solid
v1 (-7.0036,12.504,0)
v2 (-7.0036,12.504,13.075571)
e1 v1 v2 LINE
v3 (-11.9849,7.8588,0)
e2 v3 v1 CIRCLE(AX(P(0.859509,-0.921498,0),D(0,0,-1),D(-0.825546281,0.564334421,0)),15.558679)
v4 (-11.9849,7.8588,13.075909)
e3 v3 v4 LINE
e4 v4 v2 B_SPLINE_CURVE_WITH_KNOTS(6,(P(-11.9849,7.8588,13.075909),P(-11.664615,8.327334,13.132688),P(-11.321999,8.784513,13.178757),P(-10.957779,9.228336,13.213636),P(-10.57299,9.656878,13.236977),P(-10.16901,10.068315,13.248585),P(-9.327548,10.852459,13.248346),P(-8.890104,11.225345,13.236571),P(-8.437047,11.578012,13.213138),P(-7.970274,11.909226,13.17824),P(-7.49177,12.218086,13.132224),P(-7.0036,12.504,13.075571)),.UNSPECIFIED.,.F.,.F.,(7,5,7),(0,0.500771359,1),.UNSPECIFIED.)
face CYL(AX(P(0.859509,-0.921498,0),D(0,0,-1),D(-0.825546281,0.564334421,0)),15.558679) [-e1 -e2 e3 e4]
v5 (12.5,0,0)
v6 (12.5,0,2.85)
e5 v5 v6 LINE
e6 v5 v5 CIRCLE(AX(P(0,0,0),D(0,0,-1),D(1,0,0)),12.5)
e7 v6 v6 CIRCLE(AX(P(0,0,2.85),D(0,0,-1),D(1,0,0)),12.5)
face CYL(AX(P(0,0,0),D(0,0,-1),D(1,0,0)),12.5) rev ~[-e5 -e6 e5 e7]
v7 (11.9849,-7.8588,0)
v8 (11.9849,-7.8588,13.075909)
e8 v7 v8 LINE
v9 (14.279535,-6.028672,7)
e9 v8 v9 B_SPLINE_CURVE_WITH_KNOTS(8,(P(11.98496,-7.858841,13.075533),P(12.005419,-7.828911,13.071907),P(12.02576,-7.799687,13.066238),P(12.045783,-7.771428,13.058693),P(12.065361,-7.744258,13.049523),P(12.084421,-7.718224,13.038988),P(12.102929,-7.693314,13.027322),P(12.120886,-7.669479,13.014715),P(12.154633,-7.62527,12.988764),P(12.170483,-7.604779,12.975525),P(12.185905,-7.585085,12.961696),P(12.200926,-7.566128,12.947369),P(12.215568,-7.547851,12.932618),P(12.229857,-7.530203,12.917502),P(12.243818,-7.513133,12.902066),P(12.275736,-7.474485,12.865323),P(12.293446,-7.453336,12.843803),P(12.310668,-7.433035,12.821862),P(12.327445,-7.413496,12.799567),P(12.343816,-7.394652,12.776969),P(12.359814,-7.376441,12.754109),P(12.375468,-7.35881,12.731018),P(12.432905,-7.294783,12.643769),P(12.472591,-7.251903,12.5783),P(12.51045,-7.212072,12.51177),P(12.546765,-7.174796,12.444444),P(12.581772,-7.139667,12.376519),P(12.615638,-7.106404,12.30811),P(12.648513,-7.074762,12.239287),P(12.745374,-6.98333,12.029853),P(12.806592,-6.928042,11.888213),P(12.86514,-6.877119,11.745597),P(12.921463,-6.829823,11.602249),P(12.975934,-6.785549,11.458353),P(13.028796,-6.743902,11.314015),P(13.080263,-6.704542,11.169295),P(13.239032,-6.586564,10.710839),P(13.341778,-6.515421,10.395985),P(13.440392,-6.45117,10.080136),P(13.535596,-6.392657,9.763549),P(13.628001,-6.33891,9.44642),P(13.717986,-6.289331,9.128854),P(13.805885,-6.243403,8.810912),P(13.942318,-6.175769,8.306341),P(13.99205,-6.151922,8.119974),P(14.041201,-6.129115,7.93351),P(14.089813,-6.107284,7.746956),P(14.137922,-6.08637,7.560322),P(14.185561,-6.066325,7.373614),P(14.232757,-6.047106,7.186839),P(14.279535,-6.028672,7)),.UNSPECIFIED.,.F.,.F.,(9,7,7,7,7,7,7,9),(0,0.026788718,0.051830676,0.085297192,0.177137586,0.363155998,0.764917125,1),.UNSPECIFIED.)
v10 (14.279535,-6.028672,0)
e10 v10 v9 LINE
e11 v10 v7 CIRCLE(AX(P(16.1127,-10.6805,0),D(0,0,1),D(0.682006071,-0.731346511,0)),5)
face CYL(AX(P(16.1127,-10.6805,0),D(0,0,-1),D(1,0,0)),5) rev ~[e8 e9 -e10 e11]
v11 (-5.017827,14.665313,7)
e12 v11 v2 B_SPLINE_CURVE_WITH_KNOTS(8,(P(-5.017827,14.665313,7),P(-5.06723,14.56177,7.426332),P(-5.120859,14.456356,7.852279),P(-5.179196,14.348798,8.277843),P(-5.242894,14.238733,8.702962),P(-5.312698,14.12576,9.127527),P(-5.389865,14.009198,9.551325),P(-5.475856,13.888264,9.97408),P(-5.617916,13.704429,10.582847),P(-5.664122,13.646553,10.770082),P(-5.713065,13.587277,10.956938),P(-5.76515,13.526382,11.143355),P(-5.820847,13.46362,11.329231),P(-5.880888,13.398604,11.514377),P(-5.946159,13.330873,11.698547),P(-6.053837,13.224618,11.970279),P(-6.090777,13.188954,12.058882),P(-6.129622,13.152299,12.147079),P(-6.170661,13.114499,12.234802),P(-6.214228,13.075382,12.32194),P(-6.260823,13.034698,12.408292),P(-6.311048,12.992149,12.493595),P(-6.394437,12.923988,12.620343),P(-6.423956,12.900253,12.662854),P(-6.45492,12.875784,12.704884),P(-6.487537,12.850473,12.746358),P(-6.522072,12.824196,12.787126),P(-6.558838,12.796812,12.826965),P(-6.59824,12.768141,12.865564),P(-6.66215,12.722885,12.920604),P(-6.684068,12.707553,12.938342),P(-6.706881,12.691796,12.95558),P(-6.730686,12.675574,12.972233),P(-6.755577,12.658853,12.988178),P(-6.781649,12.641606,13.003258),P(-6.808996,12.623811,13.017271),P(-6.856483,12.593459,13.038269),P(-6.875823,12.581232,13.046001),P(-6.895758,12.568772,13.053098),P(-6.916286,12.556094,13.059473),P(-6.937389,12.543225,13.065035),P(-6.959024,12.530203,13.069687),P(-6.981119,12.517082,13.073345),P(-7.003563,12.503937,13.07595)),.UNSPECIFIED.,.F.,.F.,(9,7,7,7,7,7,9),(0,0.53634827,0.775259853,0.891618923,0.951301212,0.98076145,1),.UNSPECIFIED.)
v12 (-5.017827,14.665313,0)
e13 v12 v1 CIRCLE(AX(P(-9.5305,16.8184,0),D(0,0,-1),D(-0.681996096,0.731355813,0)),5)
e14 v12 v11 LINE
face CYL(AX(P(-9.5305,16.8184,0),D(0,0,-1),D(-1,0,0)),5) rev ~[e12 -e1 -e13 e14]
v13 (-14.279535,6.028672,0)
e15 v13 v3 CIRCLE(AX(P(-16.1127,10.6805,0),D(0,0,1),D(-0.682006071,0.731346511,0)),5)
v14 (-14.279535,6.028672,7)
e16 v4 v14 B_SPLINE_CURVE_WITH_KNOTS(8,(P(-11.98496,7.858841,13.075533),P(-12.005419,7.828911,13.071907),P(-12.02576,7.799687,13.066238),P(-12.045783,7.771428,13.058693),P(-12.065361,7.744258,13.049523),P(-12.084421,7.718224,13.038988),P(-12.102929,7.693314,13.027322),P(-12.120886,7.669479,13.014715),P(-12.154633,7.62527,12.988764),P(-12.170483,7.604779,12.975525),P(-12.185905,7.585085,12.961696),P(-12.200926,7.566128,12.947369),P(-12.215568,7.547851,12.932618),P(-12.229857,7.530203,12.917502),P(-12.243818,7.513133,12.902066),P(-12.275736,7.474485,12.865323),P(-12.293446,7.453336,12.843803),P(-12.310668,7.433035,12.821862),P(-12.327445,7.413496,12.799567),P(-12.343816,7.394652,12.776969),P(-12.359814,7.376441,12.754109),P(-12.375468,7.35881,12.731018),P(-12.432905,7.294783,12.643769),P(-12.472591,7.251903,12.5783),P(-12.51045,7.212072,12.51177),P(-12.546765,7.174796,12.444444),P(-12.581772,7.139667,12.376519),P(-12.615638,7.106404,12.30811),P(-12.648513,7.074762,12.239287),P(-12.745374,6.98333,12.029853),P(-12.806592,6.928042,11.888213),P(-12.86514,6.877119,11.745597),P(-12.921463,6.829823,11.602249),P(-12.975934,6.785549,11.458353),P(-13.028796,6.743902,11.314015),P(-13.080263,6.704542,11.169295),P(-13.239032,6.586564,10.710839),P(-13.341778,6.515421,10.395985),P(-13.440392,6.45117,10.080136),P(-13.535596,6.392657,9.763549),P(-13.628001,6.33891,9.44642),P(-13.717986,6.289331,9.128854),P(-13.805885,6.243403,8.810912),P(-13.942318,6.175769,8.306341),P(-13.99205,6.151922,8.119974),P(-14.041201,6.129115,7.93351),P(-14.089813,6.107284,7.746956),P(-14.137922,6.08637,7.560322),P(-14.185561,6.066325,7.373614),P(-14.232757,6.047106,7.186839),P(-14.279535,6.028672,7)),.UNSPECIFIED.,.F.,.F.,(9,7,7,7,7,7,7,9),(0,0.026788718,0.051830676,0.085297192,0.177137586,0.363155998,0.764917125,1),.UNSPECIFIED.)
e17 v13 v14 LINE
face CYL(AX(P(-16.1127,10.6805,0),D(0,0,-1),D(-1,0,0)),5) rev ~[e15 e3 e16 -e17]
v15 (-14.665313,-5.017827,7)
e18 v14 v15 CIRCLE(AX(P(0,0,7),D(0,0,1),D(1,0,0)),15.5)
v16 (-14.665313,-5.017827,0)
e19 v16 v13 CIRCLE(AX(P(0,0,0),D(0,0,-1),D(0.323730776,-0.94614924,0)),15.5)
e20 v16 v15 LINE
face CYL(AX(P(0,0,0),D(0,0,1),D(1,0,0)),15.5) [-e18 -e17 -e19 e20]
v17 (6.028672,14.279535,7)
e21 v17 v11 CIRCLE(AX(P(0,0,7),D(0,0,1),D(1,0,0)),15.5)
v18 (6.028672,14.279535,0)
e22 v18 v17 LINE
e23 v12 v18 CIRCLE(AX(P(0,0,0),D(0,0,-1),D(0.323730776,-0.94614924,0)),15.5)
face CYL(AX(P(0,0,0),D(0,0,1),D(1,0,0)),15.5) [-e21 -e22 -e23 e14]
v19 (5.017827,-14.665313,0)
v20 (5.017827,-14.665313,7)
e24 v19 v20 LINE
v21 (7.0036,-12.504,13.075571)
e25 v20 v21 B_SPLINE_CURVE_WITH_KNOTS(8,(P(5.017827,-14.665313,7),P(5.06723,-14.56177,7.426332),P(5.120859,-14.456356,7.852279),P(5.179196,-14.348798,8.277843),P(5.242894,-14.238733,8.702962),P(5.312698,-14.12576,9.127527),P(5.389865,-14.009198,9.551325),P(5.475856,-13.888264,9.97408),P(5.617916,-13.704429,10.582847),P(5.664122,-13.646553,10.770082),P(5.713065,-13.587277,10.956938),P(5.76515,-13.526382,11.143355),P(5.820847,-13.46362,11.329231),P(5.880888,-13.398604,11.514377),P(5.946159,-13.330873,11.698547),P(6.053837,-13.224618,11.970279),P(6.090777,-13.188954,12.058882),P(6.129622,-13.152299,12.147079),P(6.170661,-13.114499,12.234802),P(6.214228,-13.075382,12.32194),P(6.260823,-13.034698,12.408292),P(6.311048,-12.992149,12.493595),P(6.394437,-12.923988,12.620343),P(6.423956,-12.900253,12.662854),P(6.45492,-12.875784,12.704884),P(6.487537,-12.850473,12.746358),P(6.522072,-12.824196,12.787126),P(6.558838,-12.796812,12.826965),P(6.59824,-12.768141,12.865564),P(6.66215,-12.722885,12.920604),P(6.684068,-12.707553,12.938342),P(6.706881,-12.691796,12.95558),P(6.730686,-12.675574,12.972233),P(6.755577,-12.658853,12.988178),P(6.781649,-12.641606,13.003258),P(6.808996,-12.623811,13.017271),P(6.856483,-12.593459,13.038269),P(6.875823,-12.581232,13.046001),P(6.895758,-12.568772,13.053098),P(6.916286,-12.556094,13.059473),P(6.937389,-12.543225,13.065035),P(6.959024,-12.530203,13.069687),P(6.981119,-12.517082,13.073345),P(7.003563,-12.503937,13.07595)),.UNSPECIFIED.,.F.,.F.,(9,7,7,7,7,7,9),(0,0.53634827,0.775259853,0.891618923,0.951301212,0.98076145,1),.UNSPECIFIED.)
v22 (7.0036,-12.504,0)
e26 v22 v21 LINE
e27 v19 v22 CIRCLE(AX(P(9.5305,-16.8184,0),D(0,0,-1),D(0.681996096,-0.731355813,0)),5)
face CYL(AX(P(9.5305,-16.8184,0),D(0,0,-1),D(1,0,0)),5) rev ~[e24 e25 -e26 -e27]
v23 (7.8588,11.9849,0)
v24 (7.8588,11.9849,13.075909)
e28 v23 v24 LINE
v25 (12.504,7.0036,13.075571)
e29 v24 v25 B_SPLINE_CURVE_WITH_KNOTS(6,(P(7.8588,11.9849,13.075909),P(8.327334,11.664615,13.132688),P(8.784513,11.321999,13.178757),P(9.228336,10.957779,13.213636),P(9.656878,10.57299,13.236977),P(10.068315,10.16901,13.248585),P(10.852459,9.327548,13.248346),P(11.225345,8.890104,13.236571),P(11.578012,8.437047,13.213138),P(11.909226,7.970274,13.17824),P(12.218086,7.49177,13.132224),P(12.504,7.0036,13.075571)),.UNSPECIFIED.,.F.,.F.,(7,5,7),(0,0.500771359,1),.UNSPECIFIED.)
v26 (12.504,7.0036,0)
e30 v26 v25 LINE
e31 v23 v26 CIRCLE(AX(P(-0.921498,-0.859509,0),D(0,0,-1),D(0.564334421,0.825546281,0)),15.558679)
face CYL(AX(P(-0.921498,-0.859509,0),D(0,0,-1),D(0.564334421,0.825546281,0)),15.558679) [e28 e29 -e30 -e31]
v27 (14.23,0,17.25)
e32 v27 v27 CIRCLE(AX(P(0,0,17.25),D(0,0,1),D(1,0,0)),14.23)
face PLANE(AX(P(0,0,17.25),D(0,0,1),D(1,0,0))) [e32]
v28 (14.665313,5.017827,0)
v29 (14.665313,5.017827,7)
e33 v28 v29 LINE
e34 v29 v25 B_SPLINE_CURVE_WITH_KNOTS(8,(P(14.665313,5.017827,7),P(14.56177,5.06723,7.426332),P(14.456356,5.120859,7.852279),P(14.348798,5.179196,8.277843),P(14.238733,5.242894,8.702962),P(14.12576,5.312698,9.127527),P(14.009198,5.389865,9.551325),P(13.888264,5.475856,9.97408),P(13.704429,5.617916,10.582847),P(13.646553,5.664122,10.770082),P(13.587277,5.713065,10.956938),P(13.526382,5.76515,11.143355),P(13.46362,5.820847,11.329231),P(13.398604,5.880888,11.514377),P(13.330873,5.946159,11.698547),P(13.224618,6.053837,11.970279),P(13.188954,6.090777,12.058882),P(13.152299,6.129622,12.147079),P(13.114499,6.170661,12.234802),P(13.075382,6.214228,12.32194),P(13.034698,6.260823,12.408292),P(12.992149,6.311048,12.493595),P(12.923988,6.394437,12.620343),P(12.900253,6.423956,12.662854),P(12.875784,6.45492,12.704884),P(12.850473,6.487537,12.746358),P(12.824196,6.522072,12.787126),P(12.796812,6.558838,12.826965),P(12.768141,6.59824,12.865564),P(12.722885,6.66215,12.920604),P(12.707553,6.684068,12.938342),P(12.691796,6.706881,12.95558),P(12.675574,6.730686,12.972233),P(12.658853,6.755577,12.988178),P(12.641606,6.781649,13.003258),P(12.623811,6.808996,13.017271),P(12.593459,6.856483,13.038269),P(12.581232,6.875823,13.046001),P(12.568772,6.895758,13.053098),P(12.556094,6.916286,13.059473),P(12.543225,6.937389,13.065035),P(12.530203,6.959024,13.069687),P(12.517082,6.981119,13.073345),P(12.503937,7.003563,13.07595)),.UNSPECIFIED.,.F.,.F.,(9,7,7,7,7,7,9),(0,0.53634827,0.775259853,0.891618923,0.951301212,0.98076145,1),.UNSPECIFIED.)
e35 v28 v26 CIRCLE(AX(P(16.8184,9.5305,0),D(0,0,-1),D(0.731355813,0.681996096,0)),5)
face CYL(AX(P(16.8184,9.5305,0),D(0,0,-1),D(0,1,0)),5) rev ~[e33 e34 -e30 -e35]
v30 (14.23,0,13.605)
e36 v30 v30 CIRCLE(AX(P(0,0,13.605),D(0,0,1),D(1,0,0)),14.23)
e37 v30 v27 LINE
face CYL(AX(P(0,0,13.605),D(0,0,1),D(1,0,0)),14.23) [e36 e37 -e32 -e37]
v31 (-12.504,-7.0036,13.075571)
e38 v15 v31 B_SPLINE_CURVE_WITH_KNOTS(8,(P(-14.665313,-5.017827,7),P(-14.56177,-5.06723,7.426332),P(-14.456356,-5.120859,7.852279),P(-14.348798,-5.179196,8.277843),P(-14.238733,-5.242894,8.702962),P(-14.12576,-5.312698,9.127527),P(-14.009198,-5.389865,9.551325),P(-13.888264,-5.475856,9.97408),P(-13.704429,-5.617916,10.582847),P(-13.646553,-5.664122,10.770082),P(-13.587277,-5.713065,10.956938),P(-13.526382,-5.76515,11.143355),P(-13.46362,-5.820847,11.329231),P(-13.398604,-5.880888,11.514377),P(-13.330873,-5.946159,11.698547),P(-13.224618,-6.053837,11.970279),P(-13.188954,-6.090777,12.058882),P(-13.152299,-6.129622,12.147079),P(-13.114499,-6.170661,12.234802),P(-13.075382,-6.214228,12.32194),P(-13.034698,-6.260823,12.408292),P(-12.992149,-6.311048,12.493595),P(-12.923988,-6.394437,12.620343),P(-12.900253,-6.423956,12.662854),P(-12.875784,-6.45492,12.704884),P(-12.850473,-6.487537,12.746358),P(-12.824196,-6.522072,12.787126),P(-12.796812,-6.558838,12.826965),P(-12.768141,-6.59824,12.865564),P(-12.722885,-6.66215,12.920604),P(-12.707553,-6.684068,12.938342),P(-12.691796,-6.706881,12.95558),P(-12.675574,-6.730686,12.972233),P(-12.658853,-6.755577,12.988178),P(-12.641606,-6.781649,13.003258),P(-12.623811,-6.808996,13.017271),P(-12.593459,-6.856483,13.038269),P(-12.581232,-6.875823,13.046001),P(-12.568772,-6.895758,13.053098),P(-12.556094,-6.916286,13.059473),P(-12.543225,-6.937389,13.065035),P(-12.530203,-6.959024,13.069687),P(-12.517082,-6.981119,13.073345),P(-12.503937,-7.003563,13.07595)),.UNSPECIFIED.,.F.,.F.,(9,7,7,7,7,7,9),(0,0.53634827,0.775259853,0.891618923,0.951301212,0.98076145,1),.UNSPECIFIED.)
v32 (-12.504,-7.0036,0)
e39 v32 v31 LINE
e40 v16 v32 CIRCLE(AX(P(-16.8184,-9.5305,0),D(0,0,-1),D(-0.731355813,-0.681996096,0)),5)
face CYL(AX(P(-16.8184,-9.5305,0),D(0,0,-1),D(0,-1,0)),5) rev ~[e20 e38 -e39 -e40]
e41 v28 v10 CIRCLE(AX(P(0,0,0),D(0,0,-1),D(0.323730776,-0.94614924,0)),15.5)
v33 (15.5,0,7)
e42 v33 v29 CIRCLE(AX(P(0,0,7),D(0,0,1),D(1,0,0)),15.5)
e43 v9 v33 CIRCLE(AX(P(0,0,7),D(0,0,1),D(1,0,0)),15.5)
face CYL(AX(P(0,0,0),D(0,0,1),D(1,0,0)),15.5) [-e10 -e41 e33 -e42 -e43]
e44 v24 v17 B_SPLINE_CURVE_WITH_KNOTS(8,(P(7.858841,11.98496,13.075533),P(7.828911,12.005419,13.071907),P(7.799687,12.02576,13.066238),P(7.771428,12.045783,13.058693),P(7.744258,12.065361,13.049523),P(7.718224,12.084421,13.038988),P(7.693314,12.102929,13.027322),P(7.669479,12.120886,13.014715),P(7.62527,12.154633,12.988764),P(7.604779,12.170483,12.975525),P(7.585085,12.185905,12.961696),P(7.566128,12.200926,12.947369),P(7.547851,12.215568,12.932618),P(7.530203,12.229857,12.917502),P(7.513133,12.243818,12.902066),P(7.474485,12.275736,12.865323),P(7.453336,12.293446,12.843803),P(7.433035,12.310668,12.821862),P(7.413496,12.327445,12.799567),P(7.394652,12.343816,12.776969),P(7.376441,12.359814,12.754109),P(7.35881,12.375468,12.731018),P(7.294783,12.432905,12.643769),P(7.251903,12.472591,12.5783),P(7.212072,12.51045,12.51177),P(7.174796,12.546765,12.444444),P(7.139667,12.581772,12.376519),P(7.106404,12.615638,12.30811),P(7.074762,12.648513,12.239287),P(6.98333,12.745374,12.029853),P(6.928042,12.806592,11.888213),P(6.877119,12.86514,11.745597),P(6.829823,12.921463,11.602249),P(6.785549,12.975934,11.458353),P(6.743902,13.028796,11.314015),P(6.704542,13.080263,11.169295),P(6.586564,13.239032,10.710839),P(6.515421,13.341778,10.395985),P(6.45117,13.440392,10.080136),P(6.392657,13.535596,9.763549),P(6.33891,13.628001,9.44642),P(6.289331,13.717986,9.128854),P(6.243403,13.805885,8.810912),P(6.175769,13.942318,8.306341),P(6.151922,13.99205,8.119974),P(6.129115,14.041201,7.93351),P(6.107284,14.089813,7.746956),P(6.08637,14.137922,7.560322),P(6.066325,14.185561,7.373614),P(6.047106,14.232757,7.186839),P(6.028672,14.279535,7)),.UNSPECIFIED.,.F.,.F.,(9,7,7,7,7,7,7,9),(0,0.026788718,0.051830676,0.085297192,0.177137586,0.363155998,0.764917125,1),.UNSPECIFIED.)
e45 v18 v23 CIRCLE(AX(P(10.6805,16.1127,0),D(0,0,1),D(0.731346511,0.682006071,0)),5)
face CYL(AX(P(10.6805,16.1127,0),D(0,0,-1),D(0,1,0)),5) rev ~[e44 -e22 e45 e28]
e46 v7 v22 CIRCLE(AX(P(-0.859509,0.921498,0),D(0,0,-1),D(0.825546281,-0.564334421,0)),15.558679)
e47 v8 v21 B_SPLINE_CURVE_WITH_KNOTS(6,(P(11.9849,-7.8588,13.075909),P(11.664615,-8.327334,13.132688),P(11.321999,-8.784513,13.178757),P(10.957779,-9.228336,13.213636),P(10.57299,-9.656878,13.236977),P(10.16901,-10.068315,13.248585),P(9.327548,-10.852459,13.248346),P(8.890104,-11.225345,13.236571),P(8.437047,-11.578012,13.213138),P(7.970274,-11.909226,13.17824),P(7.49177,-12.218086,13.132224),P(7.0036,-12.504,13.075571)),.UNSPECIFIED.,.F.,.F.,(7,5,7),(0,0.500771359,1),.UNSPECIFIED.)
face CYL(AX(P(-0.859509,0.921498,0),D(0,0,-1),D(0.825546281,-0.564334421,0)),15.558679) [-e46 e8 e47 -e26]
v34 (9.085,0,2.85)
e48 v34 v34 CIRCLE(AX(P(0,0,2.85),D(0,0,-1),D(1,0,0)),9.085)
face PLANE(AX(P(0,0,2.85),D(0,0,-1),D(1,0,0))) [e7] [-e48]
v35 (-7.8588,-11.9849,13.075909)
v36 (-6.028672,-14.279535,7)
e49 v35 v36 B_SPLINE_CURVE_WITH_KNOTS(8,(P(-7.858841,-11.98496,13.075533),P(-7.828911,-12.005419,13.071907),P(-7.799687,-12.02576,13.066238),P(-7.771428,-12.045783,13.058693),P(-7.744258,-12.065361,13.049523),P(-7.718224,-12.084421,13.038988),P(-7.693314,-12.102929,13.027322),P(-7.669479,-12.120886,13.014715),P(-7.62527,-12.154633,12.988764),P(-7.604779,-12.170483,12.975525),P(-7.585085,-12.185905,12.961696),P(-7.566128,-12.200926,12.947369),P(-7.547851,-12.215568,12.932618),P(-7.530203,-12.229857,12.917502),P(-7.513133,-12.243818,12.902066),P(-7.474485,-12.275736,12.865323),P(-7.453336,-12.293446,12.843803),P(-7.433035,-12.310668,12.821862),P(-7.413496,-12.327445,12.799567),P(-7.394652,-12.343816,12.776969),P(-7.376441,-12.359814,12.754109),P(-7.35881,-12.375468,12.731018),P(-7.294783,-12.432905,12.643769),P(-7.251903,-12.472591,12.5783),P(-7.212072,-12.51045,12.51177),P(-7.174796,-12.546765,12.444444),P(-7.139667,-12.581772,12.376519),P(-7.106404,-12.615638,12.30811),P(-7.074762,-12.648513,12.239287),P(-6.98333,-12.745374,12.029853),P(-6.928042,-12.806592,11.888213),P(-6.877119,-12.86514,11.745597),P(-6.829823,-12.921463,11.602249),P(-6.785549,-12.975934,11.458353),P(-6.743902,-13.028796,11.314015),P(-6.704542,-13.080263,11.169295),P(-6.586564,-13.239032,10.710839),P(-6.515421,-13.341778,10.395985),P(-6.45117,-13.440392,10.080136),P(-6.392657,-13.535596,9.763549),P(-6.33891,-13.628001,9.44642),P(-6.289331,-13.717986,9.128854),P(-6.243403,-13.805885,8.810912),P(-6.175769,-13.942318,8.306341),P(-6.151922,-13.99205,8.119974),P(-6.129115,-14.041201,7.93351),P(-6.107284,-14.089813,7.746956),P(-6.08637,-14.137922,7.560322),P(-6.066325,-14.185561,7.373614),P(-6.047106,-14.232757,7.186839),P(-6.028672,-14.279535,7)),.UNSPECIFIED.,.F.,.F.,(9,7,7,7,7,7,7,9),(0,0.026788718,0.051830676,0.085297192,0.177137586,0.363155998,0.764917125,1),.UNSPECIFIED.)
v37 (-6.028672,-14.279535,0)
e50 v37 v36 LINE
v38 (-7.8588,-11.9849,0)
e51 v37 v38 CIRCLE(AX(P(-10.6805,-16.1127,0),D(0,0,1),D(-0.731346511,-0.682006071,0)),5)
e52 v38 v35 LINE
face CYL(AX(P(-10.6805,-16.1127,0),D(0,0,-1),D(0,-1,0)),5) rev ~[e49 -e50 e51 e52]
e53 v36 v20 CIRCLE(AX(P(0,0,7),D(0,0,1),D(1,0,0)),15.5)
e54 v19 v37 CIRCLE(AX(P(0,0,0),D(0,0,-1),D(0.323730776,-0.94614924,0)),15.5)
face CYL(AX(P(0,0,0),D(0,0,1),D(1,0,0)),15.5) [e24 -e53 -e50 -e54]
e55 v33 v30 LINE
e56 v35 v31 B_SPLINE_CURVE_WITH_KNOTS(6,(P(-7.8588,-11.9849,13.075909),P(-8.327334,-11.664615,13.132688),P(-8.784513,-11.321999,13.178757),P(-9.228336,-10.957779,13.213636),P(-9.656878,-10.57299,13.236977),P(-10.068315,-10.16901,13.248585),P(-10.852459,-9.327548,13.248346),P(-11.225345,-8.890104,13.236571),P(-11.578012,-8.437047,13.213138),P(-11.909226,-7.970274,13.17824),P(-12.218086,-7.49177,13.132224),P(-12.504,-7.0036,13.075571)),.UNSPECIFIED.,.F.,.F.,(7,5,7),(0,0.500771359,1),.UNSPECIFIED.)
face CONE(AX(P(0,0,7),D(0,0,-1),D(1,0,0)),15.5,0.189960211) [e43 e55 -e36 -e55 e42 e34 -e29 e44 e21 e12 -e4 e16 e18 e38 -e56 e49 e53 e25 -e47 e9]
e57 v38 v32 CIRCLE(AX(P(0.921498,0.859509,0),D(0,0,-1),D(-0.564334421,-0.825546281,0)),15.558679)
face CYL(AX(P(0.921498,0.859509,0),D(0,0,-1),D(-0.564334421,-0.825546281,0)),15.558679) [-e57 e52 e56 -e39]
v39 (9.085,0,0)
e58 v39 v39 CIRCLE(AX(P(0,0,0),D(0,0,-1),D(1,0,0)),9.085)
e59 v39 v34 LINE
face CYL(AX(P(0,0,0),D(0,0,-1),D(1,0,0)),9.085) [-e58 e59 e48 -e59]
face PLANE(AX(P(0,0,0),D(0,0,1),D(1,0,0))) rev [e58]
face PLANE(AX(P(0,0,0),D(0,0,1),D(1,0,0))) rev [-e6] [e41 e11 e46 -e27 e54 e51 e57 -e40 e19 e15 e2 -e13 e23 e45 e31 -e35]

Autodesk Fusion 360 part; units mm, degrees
sketch "Sketch4" plane through (0, 0, 0) normal (0, 0, 1) x (-1, 0, 0)
  circle A0 centre (0, 0) radius 15.7
  arc A1 (6.1849, 14.4304) -> (7.9716, 12.1501) centre (10.6805, 16.1127) ccw
  arc A2 (6.1849, 14.4304) -> (-5.1632, 14.8267) centre (0, 0) ccw
  arc A3 (-7.1047, 12.6765) -> (-5.1632, 14.8267) centre (-9.5305, 16.8184) ccw
  arc A4 (-7.1047, 12.6765) -> (-12.1501, 7.9716) centre (0.8594, -0.9216) ccw
  arc A5 (-14.4304, 6.1849) -> (-12.1501, 7.9716) centre (-16.1127, 10.6805) ccw
  arc A6 (-14.4304, 6.1849) -> (-14.8267, -5.1632) centre (0, 0) ccw
  arc A7 (-12.6765, -7.1047) -> (-14.8267, -5.1632) centre (-16.8184, -9.5305) ccw
  arc A8 (-12.6765, -7.1047) -> (-7.9716, -12.1501) centre (0.9216, 0.8594) ccw
  arc A9 (-6.1849, -14.4304) -> (-7.9716, -12.1501) centre (-10.6805, -16.1127) ccw
  arc A10 (-6.1849, -14.4304) -> (5.1632, -14.8267) centre (0, 0) ccw
  arc A11 (7.1047, -12.6765) -> (5.1632, -14.8267) centre (9.5305, -16.8184) ccw
  arc A12 (7.1047, -12.6765) -> (12.1501, -7.9716) centre (-0.8594, 0.9216) ccw
  arc A13 (14.4304, -6.1849) -> (12.1501, -7.9716) centre (16.1127, -10.6805) ccw
  arc A14 (14.4304, -6.1849) -> (14.8267, 5.1632) centre (0, 0) ccw
  arc A15 (12.6765, 7.1047) -> (14.8267, 5.1632) centre (16.8184, 9.5305) ccw
  arc A16 (12.6765, 7.1047) -> (7.9716, 12.1501) centre (-0.9216, -0.8594) ccw
  dimension "d11" = 31.4
sketch "Sketch1" plane through (0, 0, 0) normal (0, 1, 0) x (1, 0, 0)
  line L0 (0, 0) -> (0, -17.25)
  line L1 (0, 0) -> (15.5, 0)
  line L2 (15.5, 0) -> (15.5, -7)
  line L3 (15.5, -7) -> (14.23, -13.605)
  line L4 (14.23, -13.605) -> (14.23, -17.25)
  line L5 (14.23, -17.25) -> (0, -17.25)
  dimension "d1" = 15.5
  dimension "d2" = 14.23
  dimension "d3" = 3.645
  dimension "d4" = 7
  dimension "d5" = 17.25
revolve "Revolve1" add sketch "Sketch1" angle 360 about axis through (0, 0, 1.75) along (0, 0, 1)
sketch "Sketch2" plane through (0, 0, 0) normal (0, 0, -1) x (1, 0, 0)
  circle A0 centre (0, 0) radius 15.5
  circle A1 centre (0, 0) radius 9.085
  circle A2 centre (0, 0) radius 12.5
  line L0 (0, 0) -> (26.4938, 0) construction
  line L1 (0, 0) -> (0, 20.2896) construction
  circle A3 centre (9.5305, 16.8184) radius 5
  circle A4 centre (16.1127, 10.6805) radius 5
  line L2 (0, 0) -> (18.26, 19.5815) construction
  line L3 (9.5305, 16.8184) -> (16.1127, 10.6805)
  arc A5 (11.9849, 7.8588) -> (7.0036, 12.504) centre (-0.8594, -0.9216) ccw
  line L4 (12.9405, 20.4752) -> (19.5227, 14.3372)
  dimension "d7" = 18.17
  dimension "d8" = 25
  dimension "d12" = 10
  dimension "d13" = 9
  dimension "d14" = 18.8
  dimension "d24" = 47
extrude "Extrude1" cut sketch "Sketch2" against normal blind 2.85 contours A2
extrude "Extrude2" cut sketch "Sketch2" against normal blind 22 contours A0 A4 | A0 A3 A4 | A0 A3 A4 | A0 A3 | A0 A3 A4 A5 | A0 A3 A4 | A3 A4 L4 | A3 A4 L3 | A3 A4 L3 picked at (10.0669, 10.6715)
pattern_circular "C-Pattern1" count 4 over 360 about axis through (0, 0, 1.75) along (0, 0, 1) of "Extrude2"
sketch "Sketch3" plane through (0, 0, 17.25) normal (0, 0, 1) x (-1, 0, 0)
  circle A0 centre (0, 0) radius 13.175
  circle A1 centre (0, 0) radius 14.23
  dimension "d19" = 26.35
extrude "Extrude4" [suppressed]
equation "d1 = ( 31 / 2 ) * 1 mm"
equation "d2 = ( 28.46 / 2 ) * 1 mm"
